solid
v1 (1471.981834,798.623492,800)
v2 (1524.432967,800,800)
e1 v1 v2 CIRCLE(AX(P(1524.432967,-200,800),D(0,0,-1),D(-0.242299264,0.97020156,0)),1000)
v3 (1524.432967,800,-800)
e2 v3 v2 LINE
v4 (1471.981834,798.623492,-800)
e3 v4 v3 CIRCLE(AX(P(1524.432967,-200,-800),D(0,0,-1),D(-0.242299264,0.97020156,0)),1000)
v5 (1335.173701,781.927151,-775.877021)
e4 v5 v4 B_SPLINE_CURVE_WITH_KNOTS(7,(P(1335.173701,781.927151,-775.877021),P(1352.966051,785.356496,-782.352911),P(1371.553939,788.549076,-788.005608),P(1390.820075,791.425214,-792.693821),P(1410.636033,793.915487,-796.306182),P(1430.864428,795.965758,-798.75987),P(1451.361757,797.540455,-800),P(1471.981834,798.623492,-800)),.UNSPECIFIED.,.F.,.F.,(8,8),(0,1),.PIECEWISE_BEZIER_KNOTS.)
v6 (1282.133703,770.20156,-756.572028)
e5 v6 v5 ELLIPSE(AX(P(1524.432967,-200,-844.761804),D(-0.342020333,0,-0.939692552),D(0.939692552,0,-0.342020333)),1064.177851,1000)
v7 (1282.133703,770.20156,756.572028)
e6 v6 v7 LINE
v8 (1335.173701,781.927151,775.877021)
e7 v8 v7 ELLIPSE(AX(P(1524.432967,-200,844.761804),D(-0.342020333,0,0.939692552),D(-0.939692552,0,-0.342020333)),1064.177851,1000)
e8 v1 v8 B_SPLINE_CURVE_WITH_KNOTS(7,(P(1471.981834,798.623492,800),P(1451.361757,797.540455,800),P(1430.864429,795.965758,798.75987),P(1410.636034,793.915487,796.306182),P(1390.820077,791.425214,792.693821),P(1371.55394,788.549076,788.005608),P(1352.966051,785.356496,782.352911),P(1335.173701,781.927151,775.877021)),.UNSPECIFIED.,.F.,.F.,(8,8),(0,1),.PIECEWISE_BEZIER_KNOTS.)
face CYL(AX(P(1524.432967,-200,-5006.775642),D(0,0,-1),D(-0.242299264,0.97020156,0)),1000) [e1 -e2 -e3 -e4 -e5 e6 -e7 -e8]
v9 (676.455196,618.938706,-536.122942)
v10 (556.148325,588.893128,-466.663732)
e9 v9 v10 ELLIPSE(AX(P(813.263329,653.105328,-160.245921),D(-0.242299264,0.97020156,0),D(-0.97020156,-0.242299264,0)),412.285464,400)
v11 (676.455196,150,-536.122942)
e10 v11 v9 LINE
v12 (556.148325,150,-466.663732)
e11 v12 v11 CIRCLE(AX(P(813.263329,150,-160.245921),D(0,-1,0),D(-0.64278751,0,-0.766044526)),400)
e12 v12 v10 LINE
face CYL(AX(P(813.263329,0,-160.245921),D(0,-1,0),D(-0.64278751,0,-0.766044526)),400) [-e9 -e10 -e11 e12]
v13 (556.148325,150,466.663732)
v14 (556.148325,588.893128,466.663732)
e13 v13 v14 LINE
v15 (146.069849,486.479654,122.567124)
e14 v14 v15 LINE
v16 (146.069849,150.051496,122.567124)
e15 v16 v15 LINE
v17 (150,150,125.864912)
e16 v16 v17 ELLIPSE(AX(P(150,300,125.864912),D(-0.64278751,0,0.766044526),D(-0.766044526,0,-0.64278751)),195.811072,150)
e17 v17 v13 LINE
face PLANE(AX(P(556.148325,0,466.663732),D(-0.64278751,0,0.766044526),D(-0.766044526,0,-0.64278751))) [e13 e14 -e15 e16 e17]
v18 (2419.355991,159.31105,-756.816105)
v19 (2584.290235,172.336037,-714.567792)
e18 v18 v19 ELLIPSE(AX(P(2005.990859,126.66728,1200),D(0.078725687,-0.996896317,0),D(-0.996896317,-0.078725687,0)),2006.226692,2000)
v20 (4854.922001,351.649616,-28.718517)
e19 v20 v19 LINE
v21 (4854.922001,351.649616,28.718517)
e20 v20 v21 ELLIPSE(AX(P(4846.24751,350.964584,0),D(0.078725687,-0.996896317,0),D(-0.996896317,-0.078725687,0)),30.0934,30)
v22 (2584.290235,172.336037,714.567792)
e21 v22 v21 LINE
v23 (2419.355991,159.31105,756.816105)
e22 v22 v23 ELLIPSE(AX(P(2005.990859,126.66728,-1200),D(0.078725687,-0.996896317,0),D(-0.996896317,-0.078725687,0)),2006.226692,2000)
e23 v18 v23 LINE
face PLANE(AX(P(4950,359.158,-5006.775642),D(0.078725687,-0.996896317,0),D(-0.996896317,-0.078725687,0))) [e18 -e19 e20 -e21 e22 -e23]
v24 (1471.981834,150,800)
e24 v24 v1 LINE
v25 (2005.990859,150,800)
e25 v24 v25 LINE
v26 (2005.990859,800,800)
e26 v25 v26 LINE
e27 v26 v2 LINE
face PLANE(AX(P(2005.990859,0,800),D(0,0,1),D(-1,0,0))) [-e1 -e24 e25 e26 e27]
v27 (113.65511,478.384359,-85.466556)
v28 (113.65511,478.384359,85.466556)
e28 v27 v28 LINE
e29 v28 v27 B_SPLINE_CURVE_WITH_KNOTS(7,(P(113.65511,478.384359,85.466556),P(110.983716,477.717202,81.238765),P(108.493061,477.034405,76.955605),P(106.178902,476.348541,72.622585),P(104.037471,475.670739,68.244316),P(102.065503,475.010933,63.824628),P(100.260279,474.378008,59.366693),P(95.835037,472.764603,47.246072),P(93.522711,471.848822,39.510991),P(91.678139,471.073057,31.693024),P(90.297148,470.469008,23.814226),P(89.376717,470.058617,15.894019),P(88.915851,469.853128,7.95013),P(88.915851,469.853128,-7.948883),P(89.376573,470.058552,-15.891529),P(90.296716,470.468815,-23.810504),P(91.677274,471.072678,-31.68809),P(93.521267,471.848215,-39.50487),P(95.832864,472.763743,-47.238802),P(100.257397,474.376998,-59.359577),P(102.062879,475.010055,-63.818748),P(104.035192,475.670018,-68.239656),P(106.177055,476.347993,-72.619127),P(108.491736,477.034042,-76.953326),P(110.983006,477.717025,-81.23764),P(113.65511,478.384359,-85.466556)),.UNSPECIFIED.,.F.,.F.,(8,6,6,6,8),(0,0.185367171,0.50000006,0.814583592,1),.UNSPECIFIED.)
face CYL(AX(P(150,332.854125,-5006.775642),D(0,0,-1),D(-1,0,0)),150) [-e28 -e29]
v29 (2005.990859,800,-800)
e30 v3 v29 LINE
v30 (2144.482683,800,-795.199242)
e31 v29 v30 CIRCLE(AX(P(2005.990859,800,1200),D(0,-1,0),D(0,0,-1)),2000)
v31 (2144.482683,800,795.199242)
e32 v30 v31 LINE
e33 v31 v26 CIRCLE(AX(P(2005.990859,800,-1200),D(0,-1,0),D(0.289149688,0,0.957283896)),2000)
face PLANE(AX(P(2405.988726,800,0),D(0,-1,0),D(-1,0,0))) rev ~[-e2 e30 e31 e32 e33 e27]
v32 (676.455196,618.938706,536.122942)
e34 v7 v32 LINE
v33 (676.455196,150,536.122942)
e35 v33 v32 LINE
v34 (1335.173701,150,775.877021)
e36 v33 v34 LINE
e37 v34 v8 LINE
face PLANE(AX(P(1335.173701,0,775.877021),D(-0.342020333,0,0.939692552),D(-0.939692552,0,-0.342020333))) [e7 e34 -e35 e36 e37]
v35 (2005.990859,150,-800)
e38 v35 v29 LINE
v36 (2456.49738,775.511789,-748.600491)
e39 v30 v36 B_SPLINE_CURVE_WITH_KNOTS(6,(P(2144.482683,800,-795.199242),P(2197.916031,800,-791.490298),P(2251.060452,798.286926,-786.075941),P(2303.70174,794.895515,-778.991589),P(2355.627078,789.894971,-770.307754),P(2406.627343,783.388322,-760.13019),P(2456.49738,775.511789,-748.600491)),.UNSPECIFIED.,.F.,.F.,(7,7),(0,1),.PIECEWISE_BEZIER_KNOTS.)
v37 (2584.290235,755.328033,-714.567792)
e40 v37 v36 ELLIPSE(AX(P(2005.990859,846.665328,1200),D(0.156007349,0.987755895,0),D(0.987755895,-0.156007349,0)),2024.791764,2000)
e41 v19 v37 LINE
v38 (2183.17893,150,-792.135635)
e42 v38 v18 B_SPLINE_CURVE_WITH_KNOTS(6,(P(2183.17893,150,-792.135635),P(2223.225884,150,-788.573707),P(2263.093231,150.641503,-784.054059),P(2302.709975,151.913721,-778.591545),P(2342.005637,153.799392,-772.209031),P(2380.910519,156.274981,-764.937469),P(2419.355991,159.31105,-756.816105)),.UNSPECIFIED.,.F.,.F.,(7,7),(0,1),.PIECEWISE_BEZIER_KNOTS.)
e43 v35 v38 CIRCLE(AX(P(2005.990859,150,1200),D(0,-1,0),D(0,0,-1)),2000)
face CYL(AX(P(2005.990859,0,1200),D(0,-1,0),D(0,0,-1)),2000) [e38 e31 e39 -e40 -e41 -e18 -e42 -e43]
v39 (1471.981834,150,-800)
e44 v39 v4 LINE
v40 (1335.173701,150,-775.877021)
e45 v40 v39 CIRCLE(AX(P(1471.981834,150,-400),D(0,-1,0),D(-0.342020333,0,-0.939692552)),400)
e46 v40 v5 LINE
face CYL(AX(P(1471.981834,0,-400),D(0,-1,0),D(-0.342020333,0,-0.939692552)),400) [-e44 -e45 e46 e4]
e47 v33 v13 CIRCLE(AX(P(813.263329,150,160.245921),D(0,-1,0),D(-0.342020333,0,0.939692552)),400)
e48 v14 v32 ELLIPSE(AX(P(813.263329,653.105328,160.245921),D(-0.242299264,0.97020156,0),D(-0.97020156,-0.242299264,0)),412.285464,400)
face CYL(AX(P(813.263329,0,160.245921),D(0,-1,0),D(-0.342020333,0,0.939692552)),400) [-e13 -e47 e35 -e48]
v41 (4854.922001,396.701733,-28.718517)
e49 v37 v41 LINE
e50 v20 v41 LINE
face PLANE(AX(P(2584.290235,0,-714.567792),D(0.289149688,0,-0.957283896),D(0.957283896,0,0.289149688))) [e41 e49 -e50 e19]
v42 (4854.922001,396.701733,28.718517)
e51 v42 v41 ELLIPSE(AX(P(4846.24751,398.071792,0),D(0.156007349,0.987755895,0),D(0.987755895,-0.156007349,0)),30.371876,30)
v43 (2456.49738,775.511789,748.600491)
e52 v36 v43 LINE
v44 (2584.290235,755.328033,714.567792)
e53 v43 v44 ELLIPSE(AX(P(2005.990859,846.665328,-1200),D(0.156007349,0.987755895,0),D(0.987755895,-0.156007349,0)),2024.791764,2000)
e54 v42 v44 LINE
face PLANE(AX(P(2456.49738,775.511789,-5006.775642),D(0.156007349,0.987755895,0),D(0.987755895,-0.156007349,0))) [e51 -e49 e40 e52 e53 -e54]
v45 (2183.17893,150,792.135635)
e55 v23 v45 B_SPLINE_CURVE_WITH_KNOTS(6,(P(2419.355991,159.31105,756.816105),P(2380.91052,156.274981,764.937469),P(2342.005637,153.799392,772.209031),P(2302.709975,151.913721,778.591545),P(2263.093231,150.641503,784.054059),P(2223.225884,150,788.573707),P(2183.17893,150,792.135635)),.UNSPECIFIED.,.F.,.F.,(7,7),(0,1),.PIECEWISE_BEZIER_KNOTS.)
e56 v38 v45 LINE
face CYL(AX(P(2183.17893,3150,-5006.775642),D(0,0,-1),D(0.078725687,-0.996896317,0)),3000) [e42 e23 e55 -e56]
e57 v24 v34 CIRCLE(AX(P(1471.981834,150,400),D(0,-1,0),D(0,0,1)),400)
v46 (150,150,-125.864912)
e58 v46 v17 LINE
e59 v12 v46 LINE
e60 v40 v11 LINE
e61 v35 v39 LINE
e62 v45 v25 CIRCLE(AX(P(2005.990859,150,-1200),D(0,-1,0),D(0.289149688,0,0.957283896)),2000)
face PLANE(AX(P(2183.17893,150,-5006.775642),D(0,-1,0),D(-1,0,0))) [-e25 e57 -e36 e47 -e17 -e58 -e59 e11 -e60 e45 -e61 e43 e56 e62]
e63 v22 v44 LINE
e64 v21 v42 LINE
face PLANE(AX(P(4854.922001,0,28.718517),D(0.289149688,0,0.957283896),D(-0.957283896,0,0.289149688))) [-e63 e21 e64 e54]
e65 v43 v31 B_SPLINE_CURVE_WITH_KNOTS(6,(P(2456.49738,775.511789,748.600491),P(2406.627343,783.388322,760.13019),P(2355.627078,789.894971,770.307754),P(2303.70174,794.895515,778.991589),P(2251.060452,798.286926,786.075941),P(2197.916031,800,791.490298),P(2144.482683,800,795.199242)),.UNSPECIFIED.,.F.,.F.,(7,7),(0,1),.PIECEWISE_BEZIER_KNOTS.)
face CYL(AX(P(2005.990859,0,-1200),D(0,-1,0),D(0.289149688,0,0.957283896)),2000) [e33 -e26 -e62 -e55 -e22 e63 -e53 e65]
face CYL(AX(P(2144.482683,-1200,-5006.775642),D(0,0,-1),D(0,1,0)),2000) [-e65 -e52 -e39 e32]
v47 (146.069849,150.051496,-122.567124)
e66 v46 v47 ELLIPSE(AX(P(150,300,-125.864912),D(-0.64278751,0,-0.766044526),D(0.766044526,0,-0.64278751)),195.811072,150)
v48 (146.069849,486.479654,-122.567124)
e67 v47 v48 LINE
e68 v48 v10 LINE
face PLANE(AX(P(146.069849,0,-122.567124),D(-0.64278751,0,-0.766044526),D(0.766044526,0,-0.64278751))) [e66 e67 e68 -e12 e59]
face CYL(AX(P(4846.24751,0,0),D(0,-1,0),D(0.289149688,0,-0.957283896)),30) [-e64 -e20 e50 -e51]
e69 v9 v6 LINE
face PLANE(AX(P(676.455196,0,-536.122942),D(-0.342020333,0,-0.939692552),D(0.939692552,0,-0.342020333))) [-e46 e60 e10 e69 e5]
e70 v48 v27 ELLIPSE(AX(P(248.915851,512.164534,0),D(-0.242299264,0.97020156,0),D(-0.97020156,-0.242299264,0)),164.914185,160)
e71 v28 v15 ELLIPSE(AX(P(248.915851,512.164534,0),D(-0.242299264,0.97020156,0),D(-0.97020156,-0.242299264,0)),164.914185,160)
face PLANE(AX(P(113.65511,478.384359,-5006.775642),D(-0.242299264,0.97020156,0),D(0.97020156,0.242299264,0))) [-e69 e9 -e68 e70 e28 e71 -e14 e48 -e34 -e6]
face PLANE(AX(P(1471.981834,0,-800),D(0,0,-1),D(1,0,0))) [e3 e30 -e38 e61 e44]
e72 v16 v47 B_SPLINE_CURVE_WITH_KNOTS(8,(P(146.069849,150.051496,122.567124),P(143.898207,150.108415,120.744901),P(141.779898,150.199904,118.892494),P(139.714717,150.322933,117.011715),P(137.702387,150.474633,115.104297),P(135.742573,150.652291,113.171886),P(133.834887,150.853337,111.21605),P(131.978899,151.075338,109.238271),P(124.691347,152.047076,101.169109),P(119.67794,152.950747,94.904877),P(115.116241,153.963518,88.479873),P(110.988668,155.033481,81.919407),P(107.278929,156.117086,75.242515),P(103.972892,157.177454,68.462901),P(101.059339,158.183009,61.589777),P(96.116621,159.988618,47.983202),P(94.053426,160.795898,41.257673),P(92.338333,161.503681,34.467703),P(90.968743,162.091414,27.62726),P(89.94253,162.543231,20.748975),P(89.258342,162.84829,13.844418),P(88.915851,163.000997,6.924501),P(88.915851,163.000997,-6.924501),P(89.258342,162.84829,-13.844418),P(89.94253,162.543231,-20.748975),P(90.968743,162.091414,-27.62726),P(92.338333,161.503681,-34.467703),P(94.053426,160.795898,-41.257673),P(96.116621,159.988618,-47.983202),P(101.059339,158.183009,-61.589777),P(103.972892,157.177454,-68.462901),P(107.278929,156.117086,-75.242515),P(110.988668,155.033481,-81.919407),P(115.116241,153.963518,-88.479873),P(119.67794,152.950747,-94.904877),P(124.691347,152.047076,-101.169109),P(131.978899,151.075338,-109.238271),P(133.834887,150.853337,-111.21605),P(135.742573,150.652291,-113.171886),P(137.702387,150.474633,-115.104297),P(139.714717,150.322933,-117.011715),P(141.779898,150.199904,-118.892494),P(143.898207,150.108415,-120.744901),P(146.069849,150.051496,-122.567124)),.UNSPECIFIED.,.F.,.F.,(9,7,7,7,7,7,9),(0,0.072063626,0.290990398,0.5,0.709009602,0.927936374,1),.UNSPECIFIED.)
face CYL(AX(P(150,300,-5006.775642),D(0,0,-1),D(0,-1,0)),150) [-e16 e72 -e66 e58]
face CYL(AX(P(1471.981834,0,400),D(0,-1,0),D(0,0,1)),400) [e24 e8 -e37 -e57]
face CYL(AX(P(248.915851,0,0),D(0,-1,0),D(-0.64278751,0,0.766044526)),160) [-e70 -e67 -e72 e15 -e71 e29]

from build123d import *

# Parameters (mm, degrees)
TOPVIEW_EXTRUDE_DEPTH      = 800
SIDEPROFILE_CUT_DEPTH      = 5006.775642449
SIDEPROFILE_CUT_DEPTH_BACK = 5006.775642449
SKETCH2_OUTSIDE_W          = 5811.458
SKETCH2_OUTSIDE_H          = 1824.126


with BuildPart() as part:
    # Sketch1 → TopView_Extrude (new body)
    with BuildSketch(Plane(origin=(0, 0, 0), x_dir=(1, 0, 0), z_dir=(0, 1, 0))):
        with BuildLine():
            Line((146.069849076, 122.567124227), (556.148324977, 466.663731547))
            ThreePointArc((556.148324977, 466.663731547), (613.263316637, 506.656075273), (676.455195963, 536.122941687))
            Line((676.455195963, 536.122941687), (1335.173700718, 775.877020708))
            ThreePointArc((1335.173700718, 775.877020708), (1402.522523085, 793.923094197), (1471.981833896, 800))
            Line((1471.981833896, 800), (2005.990858989, 800))
            ThreePointArc((2005.990858989, 800), (2298.278743763, 778.526672151), (2584.290234961, 714.567792414))
            Line((2584.290234961, 714.567792414), (4854.922001024, 28.718516886))
            ThreePointArc((4854.922001024, 28.718516886), (4876.247510385, 0), (4854.922001024, -28.718516886))
            Line((4854.922001024, -28.718516886), (2584.290234961, -714.567792414))
            ThreePointArc((2584.290234961, -714.567792414), (2298.278743763, -778.526672151), (2005.990858989, -800))
            Line((2005.990858989, -800), (1471.981833896, -800))
            ThreePointArc((1471.981833896, -800), (1402.522523085, -793.923094197), (1335.173700718, -775.877020708))
            Line((1335.173700718, -775.877020708), (676.455195963, -536.122941687))
            ThreePointArc((676.455195963, -536.122941687), (613.263316637, -506.656075273), (556.148324977, -466.663731547))
            Line((556.148324977, -466.663731547), (146.069849076, -122.567124227))
            ThreePointArc((146.069849076, -122.567124227), (88.915850742, 0), (146.069849076, 122.567124227))
        make_face()
    extrude(amount=TOPVIEW_EXTRUDE_DEPTH)

    # Sketch2 outside → SideProfile_Cut (cut, two sides: drawn at the far end of the back side and taken through both)
    with BuildSketch(Plane.XY.offset(-SIDEPROFILE_CUT_DEPTH_BACK)):
        with Locations((2482.582, 400)):
            Rectangle(SKETCH2_OUTSIDE_W, SKETCH2_OUTSIDE_H)
        with BuildLine():
            Line((0, 300), (0, 332.854125267))
            ThreePointArc((0, 332.854125267), (31.780430043, 425.180358155), (113.65511039, 478.384359237))
            Line((113.65511039, 478.384359237), (1282.133703367, 770.201559797))
            ThreePointArc((1282.133703367, 770.201559797), (1402.370605908, 792.522432945), (1524.432967436, 800))
            Line((1524.432967436, 800), (2144.482683126, 800))
            ThreePointArc((2144.482683126, 800), (2300.969778196, 793.868548595), (2456.497380248, 775.511789076))
            Line((2456.497380248, 775.511789076), (4950, 381.685))
            Line((4950, 381.685), (4950, 359.158))
            Line((4950, 359.158), (2419.355991101, 159.311049986))
            ThreePointArc((2419.355991101, 159.311049986), (2301.359194606, 152.328666278), (2183.178929847, 150))
            Line((2183.178929847, 150), (150, 150))
            ThreePointArc((150, 150), (43.933982822, 193.933982822), (0, 300))
        make_face(mode=Mode.SUBTRACT)
    extrude(amount=SIDEPROFILE_CUT_DEPTH + SIDEPROFILE_CUT_DEPTH_BACK, mode=Mode.SUBTRACT)


solid = part.part
